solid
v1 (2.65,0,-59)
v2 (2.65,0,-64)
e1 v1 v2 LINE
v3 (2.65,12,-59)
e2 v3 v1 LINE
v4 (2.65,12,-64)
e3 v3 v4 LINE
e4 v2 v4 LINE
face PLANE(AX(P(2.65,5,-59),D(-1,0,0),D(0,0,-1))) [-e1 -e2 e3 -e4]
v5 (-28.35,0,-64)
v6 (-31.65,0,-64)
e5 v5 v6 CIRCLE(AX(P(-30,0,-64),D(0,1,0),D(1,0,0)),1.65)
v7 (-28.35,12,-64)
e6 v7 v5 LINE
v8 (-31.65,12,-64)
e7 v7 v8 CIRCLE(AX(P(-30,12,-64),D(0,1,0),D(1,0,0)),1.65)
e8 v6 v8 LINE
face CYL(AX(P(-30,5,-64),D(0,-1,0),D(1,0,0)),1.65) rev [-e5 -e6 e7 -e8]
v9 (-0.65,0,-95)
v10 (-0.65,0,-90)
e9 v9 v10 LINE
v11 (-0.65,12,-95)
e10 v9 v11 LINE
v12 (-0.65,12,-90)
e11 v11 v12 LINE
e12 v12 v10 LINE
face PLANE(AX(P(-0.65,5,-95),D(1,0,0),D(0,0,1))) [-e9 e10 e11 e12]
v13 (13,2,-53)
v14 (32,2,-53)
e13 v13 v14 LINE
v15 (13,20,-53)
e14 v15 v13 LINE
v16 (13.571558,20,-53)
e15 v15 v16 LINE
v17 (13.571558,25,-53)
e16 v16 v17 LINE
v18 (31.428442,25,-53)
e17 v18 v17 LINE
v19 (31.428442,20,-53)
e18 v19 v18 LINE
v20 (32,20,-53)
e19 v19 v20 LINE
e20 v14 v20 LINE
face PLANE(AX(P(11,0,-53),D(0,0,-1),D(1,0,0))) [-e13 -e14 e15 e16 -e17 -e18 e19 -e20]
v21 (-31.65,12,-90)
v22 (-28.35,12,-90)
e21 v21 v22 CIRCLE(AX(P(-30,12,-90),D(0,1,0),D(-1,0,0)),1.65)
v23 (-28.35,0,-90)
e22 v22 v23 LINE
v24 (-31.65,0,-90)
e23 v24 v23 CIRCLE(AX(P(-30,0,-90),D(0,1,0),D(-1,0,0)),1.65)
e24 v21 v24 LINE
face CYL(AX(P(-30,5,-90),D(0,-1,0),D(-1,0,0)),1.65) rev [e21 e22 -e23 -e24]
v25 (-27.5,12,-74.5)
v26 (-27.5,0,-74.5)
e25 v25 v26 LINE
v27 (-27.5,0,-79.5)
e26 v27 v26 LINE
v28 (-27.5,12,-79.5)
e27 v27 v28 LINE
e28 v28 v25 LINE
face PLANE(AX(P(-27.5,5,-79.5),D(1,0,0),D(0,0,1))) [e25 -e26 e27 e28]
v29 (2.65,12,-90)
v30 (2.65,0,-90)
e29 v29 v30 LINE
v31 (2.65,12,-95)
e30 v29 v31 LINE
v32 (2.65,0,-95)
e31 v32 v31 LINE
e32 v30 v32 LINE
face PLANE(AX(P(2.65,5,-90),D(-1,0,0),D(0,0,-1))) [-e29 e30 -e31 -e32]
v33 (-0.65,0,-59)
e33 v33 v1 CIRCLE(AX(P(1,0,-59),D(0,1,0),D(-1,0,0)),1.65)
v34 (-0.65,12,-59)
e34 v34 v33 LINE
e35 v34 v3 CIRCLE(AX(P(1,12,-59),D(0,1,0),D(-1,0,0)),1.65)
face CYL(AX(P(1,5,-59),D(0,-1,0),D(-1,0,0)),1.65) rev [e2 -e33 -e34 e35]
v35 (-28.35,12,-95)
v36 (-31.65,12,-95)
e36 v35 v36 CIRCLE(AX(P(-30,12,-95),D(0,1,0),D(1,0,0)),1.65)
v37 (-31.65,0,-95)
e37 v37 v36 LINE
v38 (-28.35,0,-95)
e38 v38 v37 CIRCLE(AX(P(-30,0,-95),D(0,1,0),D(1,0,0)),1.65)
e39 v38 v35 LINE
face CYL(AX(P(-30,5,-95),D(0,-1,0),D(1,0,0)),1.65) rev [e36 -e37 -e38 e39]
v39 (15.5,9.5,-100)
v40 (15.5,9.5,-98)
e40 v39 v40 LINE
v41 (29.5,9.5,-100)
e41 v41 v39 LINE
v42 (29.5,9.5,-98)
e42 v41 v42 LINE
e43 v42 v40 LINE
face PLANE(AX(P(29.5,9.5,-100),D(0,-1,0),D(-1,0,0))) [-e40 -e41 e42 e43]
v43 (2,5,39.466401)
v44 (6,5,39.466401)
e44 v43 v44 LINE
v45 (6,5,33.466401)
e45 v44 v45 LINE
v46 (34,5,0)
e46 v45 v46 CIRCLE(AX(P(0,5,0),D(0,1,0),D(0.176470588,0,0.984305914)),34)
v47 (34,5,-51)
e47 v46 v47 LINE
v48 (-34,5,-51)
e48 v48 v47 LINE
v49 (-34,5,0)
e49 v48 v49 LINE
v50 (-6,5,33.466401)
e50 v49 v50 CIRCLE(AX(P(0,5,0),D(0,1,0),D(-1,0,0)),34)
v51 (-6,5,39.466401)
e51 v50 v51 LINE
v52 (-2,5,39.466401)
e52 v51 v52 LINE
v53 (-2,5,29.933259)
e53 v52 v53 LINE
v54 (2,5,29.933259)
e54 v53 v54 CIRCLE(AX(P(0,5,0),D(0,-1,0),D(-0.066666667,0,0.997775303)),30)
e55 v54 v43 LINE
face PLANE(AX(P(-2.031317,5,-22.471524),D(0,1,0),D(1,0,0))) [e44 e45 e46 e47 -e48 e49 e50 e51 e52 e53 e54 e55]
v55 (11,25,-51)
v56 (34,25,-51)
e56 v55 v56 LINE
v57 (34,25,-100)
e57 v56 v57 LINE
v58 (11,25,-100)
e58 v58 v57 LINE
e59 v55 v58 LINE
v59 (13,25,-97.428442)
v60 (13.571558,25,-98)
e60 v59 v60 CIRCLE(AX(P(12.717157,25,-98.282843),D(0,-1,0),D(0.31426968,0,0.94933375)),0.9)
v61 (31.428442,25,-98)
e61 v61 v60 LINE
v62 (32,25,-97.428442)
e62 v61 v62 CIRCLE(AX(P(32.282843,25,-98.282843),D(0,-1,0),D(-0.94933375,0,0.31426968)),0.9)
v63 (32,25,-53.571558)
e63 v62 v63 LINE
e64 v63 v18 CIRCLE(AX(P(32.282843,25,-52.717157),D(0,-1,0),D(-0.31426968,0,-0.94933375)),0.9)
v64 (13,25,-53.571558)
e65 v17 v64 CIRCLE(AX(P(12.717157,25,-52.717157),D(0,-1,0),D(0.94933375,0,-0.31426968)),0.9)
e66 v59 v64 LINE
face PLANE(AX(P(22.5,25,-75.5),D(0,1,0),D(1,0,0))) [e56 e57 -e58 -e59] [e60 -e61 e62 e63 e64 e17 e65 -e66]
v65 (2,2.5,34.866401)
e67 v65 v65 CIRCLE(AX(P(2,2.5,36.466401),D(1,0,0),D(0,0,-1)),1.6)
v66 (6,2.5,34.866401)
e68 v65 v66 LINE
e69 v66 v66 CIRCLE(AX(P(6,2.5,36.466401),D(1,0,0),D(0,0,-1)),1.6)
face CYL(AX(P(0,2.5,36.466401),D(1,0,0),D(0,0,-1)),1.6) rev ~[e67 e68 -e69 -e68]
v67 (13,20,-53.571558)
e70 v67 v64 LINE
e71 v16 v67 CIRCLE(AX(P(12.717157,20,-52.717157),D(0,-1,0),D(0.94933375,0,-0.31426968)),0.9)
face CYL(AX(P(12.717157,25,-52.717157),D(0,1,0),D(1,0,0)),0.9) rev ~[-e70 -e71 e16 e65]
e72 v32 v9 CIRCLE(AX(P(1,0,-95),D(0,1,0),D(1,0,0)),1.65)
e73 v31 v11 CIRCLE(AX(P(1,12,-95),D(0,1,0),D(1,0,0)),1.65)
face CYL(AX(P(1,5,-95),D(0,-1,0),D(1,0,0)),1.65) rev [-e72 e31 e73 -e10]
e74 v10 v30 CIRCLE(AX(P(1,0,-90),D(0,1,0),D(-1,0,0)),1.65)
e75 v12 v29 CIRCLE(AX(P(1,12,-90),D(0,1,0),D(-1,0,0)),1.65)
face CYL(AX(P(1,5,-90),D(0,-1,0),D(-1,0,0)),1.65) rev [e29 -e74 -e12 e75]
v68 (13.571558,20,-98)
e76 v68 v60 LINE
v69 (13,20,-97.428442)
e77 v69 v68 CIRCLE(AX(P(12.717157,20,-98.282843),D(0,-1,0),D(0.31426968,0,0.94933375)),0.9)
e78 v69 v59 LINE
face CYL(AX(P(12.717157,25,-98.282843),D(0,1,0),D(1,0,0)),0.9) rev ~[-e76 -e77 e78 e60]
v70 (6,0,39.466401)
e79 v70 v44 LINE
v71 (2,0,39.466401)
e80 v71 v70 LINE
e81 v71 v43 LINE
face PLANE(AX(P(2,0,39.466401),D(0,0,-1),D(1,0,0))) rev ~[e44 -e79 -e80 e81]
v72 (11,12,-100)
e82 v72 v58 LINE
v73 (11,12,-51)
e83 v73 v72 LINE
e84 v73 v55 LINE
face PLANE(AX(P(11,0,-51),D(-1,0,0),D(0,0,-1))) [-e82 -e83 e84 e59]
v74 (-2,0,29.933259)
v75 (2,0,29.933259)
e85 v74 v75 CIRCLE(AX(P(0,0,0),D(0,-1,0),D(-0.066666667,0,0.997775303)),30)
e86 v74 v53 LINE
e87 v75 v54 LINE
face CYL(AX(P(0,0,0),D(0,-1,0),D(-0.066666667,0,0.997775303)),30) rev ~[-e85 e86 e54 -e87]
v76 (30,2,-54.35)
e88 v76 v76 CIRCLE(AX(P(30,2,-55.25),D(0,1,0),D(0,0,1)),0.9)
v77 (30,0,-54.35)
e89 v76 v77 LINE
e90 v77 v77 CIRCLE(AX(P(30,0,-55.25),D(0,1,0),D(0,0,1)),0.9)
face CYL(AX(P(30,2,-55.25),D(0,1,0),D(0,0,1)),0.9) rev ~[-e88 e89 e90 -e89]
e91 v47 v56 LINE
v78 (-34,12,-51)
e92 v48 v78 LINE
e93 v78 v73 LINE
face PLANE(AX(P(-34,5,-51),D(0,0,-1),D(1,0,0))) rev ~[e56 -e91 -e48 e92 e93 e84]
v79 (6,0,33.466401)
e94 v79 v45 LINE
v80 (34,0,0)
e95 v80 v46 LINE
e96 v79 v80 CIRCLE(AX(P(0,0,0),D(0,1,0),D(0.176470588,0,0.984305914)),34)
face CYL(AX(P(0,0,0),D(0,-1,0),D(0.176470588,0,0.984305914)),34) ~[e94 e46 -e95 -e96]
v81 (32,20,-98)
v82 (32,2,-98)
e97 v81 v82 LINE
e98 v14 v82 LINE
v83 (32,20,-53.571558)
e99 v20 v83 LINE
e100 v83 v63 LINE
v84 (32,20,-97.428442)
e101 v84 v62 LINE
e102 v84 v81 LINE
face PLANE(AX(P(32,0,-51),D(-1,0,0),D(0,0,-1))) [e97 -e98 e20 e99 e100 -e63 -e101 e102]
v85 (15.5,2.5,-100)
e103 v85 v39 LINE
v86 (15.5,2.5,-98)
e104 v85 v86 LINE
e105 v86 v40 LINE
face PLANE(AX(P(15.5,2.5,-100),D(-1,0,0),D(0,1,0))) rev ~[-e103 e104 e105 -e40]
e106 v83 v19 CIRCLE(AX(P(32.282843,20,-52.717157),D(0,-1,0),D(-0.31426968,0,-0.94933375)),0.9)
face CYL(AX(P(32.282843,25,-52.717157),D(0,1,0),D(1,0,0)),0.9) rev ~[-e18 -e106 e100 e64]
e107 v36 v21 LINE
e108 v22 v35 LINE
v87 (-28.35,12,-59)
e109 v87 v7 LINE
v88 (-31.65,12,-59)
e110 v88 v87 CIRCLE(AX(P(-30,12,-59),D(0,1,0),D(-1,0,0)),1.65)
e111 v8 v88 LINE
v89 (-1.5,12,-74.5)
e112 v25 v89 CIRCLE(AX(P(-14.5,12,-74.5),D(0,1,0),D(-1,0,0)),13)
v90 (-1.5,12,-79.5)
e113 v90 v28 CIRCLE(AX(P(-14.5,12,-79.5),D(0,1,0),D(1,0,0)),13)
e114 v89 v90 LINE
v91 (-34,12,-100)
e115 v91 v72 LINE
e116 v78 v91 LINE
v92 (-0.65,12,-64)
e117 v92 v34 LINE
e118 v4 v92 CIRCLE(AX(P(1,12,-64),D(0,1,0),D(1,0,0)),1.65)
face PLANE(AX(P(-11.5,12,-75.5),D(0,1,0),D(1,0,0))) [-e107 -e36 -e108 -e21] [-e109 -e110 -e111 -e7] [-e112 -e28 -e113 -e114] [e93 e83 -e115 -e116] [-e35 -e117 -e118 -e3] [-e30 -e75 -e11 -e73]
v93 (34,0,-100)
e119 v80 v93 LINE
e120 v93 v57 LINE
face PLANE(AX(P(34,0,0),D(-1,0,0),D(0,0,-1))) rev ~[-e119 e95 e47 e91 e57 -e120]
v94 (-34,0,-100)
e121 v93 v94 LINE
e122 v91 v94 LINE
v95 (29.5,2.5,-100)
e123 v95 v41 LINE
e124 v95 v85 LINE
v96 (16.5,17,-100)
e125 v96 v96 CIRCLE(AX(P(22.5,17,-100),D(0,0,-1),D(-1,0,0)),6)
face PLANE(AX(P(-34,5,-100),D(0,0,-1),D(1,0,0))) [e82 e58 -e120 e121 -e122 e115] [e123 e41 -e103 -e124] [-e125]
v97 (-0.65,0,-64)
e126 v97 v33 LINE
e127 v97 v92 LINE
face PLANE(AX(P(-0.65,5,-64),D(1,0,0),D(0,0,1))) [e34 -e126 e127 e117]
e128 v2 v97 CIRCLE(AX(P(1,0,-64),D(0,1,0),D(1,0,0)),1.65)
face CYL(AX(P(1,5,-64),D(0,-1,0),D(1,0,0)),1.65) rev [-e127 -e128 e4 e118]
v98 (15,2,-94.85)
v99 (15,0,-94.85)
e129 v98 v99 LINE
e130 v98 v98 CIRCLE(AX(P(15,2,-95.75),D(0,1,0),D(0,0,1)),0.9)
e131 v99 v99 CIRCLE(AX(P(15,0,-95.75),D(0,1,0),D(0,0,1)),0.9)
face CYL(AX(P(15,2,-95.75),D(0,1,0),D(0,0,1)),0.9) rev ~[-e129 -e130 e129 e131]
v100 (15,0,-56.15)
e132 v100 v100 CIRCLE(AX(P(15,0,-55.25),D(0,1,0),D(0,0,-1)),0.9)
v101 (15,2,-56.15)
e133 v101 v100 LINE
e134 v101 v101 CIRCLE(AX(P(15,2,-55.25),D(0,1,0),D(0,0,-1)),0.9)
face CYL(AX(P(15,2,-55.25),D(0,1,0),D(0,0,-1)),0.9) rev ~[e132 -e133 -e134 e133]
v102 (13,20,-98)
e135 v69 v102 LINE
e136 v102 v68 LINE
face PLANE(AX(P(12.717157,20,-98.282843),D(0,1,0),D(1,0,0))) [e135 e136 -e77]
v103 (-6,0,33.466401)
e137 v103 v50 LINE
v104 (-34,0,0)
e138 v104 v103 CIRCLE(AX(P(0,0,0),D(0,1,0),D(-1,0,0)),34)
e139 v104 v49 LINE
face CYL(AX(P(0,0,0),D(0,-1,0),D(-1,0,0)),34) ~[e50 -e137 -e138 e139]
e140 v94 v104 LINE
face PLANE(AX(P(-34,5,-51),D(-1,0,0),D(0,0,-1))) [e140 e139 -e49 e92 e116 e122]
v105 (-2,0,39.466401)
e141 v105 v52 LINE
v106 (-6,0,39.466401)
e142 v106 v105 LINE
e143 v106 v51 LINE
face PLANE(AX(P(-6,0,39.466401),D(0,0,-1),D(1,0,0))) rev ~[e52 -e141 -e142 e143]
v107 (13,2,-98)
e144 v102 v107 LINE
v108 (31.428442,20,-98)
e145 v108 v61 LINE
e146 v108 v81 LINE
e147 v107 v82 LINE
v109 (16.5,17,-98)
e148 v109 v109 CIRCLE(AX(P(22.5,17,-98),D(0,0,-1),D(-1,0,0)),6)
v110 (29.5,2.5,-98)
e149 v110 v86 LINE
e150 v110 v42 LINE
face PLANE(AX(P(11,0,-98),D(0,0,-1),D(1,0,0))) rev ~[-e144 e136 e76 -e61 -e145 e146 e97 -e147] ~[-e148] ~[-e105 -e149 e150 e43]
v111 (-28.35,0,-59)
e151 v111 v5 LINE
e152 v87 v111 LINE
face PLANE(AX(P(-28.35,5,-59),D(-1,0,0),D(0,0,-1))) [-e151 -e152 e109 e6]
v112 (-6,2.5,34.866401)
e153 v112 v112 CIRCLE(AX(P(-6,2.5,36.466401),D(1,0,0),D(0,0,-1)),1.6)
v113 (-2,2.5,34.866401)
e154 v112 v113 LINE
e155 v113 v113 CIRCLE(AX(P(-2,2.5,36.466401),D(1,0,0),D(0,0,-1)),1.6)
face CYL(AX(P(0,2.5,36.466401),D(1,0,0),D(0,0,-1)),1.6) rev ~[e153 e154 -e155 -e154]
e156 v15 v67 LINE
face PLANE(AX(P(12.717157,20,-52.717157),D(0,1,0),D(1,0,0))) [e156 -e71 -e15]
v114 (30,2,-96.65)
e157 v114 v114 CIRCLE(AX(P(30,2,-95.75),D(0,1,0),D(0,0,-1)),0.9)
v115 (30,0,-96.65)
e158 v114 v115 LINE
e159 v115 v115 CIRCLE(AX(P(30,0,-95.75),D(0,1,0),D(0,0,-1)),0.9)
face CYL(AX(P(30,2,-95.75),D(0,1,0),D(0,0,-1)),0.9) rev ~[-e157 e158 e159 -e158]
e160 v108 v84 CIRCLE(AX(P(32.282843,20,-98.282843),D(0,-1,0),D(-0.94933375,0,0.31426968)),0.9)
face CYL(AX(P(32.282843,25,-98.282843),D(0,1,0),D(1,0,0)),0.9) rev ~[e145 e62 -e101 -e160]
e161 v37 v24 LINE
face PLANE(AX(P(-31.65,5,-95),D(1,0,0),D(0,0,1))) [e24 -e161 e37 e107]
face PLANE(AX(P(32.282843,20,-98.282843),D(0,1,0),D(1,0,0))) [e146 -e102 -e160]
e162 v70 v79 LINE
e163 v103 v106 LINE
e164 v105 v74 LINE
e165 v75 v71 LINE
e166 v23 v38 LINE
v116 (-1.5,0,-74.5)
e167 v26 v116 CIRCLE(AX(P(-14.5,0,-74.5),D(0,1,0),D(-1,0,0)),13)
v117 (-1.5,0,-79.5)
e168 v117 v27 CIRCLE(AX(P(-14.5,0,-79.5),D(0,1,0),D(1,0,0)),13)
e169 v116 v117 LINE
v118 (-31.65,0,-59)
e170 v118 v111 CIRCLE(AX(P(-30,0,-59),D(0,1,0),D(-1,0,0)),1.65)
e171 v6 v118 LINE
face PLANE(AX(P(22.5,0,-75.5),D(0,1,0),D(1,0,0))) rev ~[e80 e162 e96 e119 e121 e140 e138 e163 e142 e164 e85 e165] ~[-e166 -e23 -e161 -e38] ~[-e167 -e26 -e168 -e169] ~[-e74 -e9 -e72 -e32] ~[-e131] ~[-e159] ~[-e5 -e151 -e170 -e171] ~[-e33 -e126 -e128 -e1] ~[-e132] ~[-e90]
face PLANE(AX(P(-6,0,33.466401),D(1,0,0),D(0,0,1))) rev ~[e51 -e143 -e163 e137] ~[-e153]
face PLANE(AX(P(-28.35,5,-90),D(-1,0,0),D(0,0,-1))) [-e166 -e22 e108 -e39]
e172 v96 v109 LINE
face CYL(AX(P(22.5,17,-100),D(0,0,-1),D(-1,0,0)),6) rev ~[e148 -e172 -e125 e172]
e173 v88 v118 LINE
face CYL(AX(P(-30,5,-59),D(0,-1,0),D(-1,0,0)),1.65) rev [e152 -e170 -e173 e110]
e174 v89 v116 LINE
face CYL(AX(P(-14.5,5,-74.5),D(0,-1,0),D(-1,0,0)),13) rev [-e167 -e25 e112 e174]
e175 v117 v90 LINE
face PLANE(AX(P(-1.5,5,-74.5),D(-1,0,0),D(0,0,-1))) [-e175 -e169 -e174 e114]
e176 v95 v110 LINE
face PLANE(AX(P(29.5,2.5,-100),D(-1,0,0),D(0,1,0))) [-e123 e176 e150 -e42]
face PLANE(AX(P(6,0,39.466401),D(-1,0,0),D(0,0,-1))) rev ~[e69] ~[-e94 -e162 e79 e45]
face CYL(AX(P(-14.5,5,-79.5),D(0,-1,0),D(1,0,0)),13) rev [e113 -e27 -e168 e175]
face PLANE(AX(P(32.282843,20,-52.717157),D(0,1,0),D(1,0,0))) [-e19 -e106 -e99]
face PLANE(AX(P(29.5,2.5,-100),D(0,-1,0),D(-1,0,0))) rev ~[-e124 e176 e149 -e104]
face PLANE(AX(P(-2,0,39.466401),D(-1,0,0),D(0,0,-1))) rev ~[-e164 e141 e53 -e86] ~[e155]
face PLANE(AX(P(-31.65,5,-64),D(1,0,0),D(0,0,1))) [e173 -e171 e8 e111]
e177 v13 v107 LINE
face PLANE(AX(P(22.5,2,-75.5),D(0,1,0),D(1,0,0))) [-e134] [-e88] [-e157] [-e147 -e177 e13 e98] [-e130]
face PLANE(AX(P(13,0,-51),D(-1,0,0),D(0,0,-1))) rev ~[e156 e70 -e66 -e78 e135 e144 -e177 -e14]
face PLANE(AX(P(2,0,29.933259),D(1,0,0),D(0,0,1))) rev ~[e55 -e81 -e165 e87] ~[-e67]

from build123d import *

# Parameters (mm, degrees)
EXTRUDE_1_DEPTH     = 5
SKETCH_4_R          = 1.6
CUT_EXTRUDE_1_DEPTH = 10
SKETCH_5_W          = 23
SKETCH_5_H          = 49
EXTRUDE_2_DEPTH     = 25
SHELL_1_T           = -2
SKETCH_6_R          = 6
SKETCH_6_W          = 14
SKETCH_6_H          = 7
CUT_EXTRUDE_2_DEPTH = 2
SKETCH_7_R          = 0.9
CUT_EXTRUDE_3_DEPTH = 5
SKETCH_10_R         = 0.9
CUT_EXTRUDE_4_DEPTH = 10
SKETCH_11_W         = 45
SKETCH_11_H         = 49
EXTRUDE_3_DEPTH     = 7


with BuildPart() as part:
    # 草图2 → 凸台-拉伸1 (new body)
    with BuildSketch(Plane(origin=(0, 0, 0), x_dir=(1, 0, 0), z_dir=(0, 1, 0))):
        with BuildLine():
            Line((6, -39.466401061), (6, -33.466401061))
            ThreePointArc((6, -33.466401061), (26.076809621, -21.817424229), (34, 0))
            Line((34, 0), (34, 51))
            Line((34, 51), (11, 51))
            Line((11, 51), (11, 100))
            Line((11, 100), (-34, 100))
            Line((-34, 100), (-34, 0))
            ThreePointArc((-34, 0), (-26.076809621, -21.817424229), (-6, -33.466401061))
            Line((-6, -33.466401061), (-6, -39.466401061))
            Line((-6, -39.466401061), (-2, -39.466401061))
            Line((-2, -39.466401061), (-2, -29.933259094))
            ThreePointArc((-2, -29.933259094), (0, 30), (2, -29.933259094))
            Line((2, -29.933259094), (2, -39.466401061))
            Line((2, -39.466401061), (6, -39.466401061))
        make_face()
        with BuildLine():
            ThreePointArc((-0.65, 90), (1, 88.35), (2.65, 90))
            Line((2.65, 90), (2.65, 95))
            ThreePointArc((2.65, 95), (1, 96.65), (-0.65, 95))
            Line((-0.65, 95), (-0.65, 90))
        make_face(mode=Mode.SUBTRACT)
        with BuildLine():
            ThreePointArc((-31.65, 90), (-30, 88.35), (-28.35, 90))
            Line((-28.35, 90), (-28.35, 95))
            ThreePointArc((-28.35, 95), (-30, 96.65), (-31.65, 95))
            Line((-31.65, 95), (-31.65, 90))
        make_face(mode=Mode.SUBTRACT)
        with BuildLine():
            ThreePointArc((-27.5, 74.5), (-14.5, 61.5), (-1.5, 74.5))
            Line((-1.5, 74.5), (-1.5, 79.5))
            ThreePointArc((-1.5, 79.5), (-14.5, 92.5), (-27.5, 79.5))
            Line((-27.5, 79.5), (-27.5, 74.5))
        make_face(mode=Mode.SUBTRACT)
        with BuildLine():
            ThreePointArc((-0.65, 59), (1, 57.35), (2.65, 59))
            Line((2.65, 59), (2.65, 64))
            ThreePointArc((2.65, 64), (1, 65.65), (-0.65, 64))
            Line((-0.65, 64), (-0.65, 59))
        make_face(mode=Mode.SUBTRACT)
        with BuildLine():
            ThreePointArc((-31.65, 59), (-30, 57.35), (-28.35, 59))
            Line((-28.35, 59), (-28.35, 64))
            ThreePointArc((-28.35, 64), (-30, 65.65), (-31.65, 64))
            Line((-31.65, 64), (-31.65, 59))
        make_face(mode=Mode.SUBTRACT)
    extrude(amount=EXTRUDE_1_DEPTH)

    # 草图4 → 切除-拉伸1 (cut, symmetric)
    with BuildSketch(Plane(origin=(0, 0, 0), x_dir=(0, 0, -1), z_dir=(1, 0, 0))):
        with Locations((-36.466401061, 2.5)):
            Circle(SKETCH_4_R)
    extrude(amount=CUT_EXTRUDE_1_DEPTH, both=True, mode=Mode.SUBTRACT)



with BuildPart() as body_2:
    # 草图5 → 凸台-拉伸2 (new body)
    with BuildSketch(Plane(origin=(0, 0, 0), x_dir=(1, 0, 0), z_dir=(0, 1, 0))):
        with Locations((22.5, 75.5)):
            Rectangle(SKETCH_5_W, SKETCH_5_H)
    extrude(amount=EXTRUDE_2_DEPTH)

    # 抽壳1
    shell_1_openings = [body_2.faces().sort_by_distance(p)[0] for p in [
        (22.5, 25, -75.5),
    ]]
    offset(amount=SHELL_1_T, openings=shell_1_openings, kind=Kind.INTERSECTION)

    # 草图6 → 切除-拉伸2 (cut)
    with BuildSketch(Plane(origin=(0, 0, -100), x_dir=(-1, 0, 0), z_dir=(0, 0, -1))):
        with Locations((-22.5, 17)):
            Circle(SKETCH_6_R)
        with Locations((-22.5, 6)):
            Rectangle(SKETCH_6_W, SKETCH_6_H)
    extrude(amount=-CUT_EXTRUDE_2_DEPTH, mode=Mode.SUBTRACT)

    # 草图7 → 切除-拉伸3 (cut)
    with BuildSketch(Plane(origin=(0, 25, 0), x_dir=(1, 0, 0), z_dir=(0, 1, 0))):
        with Locations((12.717157288, 52.717157288)):
            Circle(SKETCH_7_R)
        with Locations((32.282842712, 52.717157288)):
            Circle(SKETCH_7_R)
        with Locations((32.282842712, 98.282842712)):
            Circle(SKETCH_7_R)
        with Locations((12.717157288, 98.282842712)):
            Circle(SKETCH_7_R)
    extrude(amount=-CUT_EXTRUDE_3_DEPTH, mode=Mode.SUBTRACT)

    # 草图10 → 切除-拉伸4 (cut)
    with BuildSketch(Plane(origin=(0, 2, 0), x_dir=(1, 0, 0), z_dir=(0, 1, 0))):
        with Locations(Location((15, 95.75, 0), (0, 0, 270))):
            Circle(SKETCH_10_R)
        with Locations(Location((30, 95.75, 0), (0, 0, 90))):
            Circle(SKETCH_10_R)
        with Locations(Location((30, 55.25, 0), (0, 0, 270))):
            Circle(SKETCH_10_R)
        with Locations(Location((15, 55.25, 0), (0, 0, 90))):
            Circle(SKETCH_10_R)
    extrude(amount=-CUT_EXTRUDE_4_DEPTH, mode=Mode.SUBTRACT)


with BuildPart() as part_1:
    add(part.part)

    add(body_2.part)  # 凸台-拉伸3 merges body 2
    # 草图11 → 凸台-拉伸3 (add)
    with BuildSketch(Plane(origin=(0, 5, 0), x_dir=(1, 0, 0), z_dir=(0, 1, 0))):
        with Locations((-11.5, 75.5)):
            Rectangle(SKETCH_11_W, SKETCH_11_H)
        with BuildLine():
            Line((-0.65, 95), (-0.65, 90))
            ThreePointArc((-0.65, 90), (1, 88.35), (2.65, 90))
            Line((2.65, 90), (2.65, 95))
            ThreePointArc((2.65, 95), (1, 96.65), (-0.65, 95))
        make_face(mode=Mode.SUBTRACT)
        with BuildLine():
            Line((-31.65, 95), (-31.65, 90))
            ThreePointArc((-31.65, 90), (-30, 88.35), (-28.35, 90))
            Line((-28.35, 90), (-28.35, 95))
            ThreePointArc((-28.35, 95), (-30, 96.65), (-31.65, 95))
        make_face(mode=Mode.SUBTRACT)
        with BuildLine():
            Line((-27.5, 79.5), (-27.5, 74.5))
            ThreePointArc((-27.5, 74.5), (-14.5, 61.5), (-1.5, 74.5))
            Line((-1.5, 74.5), (-1.5, 79.5))
            ThreePointArc((-1.5, 79.5), (-14.5, 92.5), (-27.5, 79.5))
        make_face(mode=Mode.SUBTRACT)
        with BuildLine():
            Line((-0.65, 64), (-0.65, 59))
            ThreePointArc((-0.65, 59), (1, 57.35), (2.65, 59))
            Line((2.65, 59), (2.65, 64))
            ThreePointArc((2.65, 64), (1, 65.65), (-0.65, 64))
        make_face(mode=Mode.SUBTRACT)
        with BuildLine():
            Line((-31.65, 64), (-31.65, 59))
            ThreePointArc((-31.65, 59), (-30, 57.35), (-28.35, 59))
            Line((-28.35, 59), (-28.35, 64))
            ThreePointArc((-28.35, 64), (-30, 65.65), (-31.65, 64))
        make_face(mode=Mode.SUBTRACT)
    extrude(amount=EXTRUDE_3_DEPTH)


solid = part_1.part
